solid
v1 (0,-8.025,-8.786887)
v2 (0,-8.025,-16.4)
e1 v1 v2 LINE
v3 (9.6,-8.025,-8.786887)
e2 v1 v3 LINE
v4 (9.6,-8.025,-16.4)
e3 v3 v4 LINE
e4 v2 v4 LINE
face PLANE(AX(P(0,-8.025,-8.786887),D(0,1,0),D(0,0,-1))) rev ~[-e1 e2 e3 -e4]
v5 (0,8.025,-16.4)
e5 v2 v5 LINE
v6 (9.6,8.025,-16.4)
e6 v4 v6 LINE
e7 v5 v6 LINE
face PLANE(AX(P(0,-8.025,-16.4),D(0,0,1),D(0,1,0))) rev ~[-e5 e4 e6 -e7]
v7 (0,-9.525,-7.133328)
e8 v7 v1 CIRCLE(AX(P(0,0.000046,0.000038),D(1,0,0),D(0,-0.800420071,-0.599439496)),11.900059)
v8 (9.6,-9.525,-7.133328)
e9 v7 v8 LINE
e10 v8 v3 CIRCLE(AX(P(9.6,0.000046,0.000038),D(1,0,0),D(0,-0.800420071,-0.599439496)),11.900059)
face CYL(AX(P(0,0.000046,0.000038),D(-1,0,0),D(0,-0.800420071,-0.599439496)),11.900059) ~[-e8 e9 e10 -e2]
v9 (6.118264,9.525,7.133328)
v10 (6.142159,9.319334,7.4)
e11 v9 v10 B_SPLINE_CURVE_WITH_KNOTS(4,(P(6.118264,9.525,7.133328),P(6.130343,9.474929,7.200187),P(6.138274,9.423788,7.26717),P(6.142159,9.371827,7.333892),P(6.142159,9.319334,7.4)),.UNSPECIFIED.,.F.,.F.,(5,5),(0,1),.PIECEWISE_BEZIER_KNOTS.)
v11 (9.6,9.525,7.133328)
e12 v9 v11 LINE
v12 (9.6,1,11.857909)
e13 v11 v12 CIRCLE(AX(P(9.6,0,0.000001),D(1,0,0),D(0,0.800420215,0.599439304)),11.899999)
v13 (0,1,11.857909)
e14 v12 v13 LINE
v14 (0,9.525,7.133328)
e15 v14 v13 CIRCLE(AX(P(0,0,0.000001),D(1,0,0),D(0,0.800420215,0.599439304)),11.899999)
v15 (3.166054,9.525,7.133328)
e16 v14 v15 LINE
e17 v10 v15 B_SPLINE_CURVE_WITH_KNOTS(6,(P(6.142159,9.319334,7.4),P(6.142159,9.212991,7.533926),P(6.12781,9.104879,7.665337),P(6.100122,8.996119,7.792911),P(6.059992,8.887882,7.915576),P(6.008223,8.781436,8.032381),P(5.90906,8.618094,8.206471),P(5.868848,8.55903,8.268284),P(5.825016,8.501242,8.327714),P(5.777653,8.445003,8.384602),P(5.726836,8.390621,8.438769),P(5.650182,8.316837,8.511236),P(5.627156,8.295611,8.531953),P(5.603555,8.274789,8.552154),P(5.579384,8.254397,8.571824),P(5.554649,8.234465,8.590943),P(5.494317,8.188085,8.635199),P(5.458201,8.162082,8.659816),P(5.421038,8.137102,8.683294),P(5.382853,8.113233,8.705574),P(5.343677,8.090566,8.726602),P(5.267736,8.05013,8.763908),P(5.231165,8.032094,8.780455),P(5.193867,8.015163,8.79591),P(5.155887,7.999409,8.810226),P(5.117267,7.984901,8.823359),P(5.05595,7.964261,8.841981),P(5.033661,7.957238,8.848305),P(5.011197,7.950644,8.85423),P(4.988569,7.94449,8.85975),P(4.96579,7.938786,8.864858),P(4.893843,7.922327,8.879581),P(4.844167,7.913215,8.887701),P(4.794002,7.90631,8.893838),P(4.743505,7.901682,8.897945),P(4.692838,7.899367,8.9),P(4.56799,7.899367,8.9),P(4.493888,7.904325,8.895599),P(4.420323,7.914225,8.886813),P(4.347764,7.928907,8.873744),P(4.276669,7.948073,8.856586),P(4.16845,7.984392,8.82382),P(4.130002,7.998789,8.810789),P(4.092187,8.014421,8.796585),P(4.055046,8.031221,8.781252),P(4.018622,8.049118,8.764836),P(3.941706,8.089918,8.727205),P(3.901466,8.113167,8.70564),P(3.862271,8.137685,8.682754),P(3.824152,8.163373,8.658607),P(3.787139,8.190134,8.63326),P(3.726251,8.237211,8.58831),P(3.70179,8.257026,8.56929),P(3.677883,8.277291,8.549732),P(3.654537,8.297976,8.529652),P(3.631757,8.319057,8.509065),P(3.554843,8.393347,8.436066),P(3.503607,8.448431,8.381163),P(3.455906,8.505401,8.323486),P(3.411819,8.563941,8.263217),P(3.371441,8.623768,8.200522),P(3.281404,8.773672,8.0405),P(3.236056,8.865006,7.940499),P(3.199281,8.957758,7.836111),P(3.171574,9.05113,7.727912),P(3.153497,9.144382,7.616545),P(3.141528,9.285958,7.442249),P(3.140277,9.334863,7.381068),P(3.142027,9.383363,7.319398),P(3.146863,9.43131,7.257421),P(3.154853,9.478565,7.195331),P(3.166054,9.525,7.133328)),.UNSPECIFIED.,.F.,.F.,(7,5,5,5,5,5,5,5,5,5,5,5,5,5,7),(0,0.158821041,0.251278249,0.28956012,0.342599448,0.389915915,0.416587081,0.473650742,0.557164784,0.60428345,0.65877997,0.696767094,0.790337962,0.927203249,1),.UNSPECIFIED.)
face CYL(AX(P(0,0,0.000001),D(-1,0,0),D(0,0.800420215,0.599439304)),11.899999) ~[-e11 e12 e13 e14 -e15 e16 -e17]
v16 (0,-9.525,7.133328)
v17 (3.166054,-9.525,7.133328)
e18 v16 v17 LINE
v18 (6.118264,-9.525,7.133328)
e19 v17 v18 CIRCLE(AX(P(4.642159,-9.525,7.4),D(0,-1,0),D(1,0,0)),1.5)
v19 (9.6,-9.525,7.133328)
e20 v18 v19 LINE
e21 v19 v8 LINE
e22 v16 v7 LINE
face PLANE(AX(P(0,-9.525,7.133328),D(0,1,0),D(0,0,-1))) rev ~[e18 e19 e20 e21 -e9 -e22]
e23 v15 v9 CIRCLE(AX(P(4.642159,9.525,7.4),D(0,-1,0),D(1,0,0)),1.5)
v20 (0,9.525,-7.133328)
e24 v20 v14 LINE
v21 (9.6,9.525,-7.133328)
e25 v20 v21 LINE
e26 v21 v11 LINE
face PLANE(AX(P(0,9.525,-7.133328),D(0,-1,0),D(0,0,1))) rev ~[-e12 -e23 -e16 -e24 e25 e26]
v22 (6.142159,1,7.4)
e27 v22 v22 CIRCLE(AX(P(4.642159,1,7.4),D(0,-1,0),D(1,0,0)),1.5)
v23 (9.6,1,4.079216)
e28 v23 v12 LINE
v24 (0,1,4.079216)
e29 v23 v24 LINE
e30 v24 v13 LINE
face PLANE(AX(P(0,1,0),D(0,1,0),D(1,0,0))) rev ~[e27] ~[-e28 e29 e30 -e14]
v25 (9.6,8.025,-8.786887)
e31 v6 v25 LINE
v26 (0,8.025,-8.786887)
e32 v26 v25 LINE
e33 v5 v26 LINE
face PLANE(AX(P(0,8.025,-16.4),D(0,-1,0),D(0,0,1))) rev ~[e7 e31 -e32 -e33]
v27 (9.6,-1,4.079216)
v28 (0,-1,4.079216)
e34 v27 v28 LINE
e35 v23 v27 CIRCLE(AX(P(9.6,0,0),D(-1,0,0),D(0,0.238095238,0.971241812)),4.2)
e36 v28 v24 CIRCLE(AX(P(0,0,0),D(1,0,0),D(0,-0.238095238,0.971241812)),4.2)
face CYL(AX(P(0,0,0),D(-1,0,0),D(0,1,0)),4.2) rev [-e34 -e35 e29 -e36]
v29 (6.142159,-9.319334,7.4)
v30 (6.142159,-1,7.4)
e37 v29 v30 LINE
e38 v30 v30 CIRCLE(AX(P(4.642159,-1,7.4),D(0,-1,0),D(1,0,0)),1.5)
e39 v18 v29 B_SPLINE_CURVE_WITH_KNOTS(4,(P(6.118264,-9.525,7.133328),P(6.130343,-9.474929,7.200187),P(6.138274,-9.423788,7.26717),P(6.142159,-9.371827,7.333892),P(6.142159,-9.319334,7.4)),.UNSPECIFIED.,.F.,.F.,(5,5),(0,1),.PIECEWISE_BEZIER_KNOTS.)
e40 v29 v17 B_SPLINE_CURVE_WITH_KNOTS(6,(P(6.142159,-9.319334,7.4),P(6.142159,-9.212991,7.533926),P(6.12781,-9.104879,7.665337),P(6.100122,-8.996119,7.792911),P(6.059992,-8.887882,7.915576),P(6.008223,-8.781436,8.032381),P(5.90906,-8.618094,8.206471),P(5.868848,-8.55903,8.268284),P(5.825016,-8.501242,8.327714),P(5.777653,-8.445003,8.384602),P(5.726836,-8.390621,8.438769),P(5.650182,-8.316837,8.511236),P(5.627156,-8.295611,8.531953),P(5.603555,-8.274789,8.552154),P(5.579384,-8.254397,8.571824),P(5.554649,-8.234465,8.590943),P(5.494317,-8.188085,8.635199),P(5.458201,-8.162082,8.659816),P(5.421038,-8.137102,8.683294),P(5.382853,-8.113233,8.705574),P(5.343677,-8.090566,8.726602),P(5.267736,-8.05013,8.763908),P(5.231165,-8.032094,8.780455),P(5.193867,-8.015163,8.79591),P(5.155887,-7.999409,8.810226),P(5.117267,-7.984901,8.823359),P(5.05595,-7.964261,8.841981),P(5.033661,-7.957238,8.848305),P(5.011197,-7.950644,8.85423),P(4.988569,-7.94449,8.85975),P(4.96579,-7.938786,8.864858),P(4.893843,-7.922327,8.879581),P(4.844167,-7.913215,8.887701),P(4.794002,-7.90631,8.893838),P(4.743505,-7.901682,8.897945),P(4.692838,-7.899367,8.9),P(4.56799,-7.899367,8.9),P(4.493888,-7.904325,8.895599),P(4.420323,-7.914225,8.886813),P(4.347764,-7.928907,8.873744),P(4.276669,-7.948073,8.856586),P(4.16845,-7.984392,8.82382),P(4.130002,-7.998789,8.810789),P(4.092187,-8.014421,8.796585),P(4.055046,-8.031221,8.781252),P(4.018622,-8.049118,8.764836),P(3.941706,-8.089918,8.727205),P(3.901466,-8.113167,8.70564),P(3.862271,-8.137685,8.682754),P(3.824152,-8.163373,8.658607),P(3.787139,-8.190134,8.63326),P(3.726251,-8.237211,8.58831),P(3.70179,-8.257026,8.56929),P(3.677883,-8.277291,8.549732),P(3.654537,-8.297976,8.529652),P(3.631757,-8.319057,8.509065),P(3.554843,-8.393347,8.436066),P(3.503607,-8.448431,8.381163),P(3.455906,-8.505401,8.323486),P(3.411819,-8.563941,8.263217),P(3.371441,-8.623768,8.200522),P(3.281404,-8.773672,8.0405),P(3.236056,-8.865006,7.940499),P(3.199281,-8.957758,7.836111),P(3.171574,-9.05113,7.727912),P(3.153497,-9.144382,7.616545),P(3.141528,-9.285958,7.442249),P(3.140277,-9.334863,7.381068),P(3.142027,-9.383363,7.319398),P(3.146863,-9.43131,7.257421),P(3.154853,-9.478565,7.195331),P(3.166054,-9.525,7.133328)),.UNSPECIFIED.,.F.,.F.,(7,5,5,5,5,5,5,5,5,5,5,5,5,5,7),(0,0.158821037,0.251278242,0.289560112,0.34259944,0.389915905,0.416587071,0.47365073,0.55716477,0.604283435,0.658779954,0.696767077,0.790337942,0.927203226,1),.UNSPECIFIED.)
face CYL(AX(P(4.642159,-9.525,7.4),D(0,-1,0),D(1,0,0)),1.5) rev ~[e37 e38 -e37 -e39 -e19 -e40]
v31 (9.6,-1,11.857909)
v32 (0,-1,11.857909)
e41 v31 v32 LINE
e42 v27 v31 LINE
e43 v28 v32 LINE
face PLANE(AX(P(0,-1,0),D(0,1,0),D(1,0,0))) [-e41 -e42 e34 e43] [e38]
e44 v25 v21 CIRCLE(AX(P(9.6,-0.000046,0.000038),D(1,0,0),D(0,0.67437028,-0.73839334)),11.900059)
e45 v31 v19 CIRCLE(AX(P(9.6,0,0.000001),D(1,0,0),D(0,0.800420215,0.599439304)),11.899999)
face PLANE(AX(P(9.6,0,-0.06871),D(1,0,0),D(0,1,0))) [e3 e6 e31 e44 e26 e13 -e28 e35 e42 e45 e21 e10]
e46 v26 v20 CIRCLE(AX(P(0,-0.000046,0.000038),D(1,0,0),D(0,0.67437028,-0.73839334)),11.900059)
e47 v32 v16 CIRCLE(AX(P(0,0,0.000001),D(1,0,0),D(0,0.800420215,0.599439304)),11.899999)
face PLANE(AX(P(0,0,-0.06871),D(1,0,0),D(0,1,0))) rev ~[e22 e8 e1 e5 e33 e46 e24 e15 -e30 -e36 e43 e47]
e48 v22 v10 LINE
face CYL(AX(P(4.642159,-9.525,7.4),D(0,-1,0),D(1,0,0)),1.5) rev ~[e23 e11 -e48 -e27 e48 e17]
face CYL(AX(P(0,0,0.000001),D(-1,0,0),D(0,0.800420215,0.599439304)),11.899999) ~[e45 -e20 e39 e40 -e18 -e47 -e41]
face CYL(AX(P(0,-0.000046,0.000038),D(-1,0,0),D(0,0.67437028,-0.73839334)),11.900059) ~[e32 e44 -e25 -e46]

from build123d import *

# Parameters (mm, degrees)
F0_R     = 4.2
F1_DEPTH = 9.6
F2_R     = 1.5
F3_DEPTH = 19.051
F4_W     = 9.64414
F4_H     = 2
F5_DEPTH = 11.901


with BuildPart() as f1:
    # F0 (on Right) → F1 (new body)
    with BuildSketch(Plane.YZ):
        with BuildLine():
            Line((-9.525, 7.133328), (-9.525, -7.133328))
            ThreePointArc((-9.525, -7.133328), (-8.813863, -7.995362), (-8.025, -8.786887))
            ThreePointArc((-8.025, -8.786887), (0, -11.9), (8.025, -8.786887))
            ThreePointArc((8.025, -8.786887), (8.813863, -7.995362), (9.525, -7.133328))
            Line((9.525, -7.133328), (9.525, 7.133328))
            ThreePointArc((9.525, 7.133328), (0, 11.9), (-9.525, 7.133328))
        make_face()
        Circle(F0_R, mode=Mode.SUBTRACT)
        with BuildLine():
            ThreePointArc((8.025, -8.786887), (0, -11.9), (-8.025, -8.786887))
            Line((-8.025, -8.786887), (-8.025, -16.4))
            Line((-8.025, -16.4), (8.025, -16.4))
            Line((8.025, -16.4), (8.025, -8.786887))
        make_face()
    extrude(amount=F1_DEPTH)

    # F2 (on face) → F3 (cut, through all)
    with BuildSketch(Plane.XZ.offset(9.525)):
        with Locations((4.642159, 7.4)):
            Circle(F2_R)
    extrude(amount=-F3_DEPTH, mode=Mode.SUBTRACT)

    # F4 (on Top) → F5 (cut, through all)
    with BuildSketch(Plane.XY):
        with Locations((4.82207, 0)):
            Rectangle(F4_W, F4_H)
    extrude(amount=F5_DEPTH, mode=Mode.SUBTRACT)


solid = f1.part
